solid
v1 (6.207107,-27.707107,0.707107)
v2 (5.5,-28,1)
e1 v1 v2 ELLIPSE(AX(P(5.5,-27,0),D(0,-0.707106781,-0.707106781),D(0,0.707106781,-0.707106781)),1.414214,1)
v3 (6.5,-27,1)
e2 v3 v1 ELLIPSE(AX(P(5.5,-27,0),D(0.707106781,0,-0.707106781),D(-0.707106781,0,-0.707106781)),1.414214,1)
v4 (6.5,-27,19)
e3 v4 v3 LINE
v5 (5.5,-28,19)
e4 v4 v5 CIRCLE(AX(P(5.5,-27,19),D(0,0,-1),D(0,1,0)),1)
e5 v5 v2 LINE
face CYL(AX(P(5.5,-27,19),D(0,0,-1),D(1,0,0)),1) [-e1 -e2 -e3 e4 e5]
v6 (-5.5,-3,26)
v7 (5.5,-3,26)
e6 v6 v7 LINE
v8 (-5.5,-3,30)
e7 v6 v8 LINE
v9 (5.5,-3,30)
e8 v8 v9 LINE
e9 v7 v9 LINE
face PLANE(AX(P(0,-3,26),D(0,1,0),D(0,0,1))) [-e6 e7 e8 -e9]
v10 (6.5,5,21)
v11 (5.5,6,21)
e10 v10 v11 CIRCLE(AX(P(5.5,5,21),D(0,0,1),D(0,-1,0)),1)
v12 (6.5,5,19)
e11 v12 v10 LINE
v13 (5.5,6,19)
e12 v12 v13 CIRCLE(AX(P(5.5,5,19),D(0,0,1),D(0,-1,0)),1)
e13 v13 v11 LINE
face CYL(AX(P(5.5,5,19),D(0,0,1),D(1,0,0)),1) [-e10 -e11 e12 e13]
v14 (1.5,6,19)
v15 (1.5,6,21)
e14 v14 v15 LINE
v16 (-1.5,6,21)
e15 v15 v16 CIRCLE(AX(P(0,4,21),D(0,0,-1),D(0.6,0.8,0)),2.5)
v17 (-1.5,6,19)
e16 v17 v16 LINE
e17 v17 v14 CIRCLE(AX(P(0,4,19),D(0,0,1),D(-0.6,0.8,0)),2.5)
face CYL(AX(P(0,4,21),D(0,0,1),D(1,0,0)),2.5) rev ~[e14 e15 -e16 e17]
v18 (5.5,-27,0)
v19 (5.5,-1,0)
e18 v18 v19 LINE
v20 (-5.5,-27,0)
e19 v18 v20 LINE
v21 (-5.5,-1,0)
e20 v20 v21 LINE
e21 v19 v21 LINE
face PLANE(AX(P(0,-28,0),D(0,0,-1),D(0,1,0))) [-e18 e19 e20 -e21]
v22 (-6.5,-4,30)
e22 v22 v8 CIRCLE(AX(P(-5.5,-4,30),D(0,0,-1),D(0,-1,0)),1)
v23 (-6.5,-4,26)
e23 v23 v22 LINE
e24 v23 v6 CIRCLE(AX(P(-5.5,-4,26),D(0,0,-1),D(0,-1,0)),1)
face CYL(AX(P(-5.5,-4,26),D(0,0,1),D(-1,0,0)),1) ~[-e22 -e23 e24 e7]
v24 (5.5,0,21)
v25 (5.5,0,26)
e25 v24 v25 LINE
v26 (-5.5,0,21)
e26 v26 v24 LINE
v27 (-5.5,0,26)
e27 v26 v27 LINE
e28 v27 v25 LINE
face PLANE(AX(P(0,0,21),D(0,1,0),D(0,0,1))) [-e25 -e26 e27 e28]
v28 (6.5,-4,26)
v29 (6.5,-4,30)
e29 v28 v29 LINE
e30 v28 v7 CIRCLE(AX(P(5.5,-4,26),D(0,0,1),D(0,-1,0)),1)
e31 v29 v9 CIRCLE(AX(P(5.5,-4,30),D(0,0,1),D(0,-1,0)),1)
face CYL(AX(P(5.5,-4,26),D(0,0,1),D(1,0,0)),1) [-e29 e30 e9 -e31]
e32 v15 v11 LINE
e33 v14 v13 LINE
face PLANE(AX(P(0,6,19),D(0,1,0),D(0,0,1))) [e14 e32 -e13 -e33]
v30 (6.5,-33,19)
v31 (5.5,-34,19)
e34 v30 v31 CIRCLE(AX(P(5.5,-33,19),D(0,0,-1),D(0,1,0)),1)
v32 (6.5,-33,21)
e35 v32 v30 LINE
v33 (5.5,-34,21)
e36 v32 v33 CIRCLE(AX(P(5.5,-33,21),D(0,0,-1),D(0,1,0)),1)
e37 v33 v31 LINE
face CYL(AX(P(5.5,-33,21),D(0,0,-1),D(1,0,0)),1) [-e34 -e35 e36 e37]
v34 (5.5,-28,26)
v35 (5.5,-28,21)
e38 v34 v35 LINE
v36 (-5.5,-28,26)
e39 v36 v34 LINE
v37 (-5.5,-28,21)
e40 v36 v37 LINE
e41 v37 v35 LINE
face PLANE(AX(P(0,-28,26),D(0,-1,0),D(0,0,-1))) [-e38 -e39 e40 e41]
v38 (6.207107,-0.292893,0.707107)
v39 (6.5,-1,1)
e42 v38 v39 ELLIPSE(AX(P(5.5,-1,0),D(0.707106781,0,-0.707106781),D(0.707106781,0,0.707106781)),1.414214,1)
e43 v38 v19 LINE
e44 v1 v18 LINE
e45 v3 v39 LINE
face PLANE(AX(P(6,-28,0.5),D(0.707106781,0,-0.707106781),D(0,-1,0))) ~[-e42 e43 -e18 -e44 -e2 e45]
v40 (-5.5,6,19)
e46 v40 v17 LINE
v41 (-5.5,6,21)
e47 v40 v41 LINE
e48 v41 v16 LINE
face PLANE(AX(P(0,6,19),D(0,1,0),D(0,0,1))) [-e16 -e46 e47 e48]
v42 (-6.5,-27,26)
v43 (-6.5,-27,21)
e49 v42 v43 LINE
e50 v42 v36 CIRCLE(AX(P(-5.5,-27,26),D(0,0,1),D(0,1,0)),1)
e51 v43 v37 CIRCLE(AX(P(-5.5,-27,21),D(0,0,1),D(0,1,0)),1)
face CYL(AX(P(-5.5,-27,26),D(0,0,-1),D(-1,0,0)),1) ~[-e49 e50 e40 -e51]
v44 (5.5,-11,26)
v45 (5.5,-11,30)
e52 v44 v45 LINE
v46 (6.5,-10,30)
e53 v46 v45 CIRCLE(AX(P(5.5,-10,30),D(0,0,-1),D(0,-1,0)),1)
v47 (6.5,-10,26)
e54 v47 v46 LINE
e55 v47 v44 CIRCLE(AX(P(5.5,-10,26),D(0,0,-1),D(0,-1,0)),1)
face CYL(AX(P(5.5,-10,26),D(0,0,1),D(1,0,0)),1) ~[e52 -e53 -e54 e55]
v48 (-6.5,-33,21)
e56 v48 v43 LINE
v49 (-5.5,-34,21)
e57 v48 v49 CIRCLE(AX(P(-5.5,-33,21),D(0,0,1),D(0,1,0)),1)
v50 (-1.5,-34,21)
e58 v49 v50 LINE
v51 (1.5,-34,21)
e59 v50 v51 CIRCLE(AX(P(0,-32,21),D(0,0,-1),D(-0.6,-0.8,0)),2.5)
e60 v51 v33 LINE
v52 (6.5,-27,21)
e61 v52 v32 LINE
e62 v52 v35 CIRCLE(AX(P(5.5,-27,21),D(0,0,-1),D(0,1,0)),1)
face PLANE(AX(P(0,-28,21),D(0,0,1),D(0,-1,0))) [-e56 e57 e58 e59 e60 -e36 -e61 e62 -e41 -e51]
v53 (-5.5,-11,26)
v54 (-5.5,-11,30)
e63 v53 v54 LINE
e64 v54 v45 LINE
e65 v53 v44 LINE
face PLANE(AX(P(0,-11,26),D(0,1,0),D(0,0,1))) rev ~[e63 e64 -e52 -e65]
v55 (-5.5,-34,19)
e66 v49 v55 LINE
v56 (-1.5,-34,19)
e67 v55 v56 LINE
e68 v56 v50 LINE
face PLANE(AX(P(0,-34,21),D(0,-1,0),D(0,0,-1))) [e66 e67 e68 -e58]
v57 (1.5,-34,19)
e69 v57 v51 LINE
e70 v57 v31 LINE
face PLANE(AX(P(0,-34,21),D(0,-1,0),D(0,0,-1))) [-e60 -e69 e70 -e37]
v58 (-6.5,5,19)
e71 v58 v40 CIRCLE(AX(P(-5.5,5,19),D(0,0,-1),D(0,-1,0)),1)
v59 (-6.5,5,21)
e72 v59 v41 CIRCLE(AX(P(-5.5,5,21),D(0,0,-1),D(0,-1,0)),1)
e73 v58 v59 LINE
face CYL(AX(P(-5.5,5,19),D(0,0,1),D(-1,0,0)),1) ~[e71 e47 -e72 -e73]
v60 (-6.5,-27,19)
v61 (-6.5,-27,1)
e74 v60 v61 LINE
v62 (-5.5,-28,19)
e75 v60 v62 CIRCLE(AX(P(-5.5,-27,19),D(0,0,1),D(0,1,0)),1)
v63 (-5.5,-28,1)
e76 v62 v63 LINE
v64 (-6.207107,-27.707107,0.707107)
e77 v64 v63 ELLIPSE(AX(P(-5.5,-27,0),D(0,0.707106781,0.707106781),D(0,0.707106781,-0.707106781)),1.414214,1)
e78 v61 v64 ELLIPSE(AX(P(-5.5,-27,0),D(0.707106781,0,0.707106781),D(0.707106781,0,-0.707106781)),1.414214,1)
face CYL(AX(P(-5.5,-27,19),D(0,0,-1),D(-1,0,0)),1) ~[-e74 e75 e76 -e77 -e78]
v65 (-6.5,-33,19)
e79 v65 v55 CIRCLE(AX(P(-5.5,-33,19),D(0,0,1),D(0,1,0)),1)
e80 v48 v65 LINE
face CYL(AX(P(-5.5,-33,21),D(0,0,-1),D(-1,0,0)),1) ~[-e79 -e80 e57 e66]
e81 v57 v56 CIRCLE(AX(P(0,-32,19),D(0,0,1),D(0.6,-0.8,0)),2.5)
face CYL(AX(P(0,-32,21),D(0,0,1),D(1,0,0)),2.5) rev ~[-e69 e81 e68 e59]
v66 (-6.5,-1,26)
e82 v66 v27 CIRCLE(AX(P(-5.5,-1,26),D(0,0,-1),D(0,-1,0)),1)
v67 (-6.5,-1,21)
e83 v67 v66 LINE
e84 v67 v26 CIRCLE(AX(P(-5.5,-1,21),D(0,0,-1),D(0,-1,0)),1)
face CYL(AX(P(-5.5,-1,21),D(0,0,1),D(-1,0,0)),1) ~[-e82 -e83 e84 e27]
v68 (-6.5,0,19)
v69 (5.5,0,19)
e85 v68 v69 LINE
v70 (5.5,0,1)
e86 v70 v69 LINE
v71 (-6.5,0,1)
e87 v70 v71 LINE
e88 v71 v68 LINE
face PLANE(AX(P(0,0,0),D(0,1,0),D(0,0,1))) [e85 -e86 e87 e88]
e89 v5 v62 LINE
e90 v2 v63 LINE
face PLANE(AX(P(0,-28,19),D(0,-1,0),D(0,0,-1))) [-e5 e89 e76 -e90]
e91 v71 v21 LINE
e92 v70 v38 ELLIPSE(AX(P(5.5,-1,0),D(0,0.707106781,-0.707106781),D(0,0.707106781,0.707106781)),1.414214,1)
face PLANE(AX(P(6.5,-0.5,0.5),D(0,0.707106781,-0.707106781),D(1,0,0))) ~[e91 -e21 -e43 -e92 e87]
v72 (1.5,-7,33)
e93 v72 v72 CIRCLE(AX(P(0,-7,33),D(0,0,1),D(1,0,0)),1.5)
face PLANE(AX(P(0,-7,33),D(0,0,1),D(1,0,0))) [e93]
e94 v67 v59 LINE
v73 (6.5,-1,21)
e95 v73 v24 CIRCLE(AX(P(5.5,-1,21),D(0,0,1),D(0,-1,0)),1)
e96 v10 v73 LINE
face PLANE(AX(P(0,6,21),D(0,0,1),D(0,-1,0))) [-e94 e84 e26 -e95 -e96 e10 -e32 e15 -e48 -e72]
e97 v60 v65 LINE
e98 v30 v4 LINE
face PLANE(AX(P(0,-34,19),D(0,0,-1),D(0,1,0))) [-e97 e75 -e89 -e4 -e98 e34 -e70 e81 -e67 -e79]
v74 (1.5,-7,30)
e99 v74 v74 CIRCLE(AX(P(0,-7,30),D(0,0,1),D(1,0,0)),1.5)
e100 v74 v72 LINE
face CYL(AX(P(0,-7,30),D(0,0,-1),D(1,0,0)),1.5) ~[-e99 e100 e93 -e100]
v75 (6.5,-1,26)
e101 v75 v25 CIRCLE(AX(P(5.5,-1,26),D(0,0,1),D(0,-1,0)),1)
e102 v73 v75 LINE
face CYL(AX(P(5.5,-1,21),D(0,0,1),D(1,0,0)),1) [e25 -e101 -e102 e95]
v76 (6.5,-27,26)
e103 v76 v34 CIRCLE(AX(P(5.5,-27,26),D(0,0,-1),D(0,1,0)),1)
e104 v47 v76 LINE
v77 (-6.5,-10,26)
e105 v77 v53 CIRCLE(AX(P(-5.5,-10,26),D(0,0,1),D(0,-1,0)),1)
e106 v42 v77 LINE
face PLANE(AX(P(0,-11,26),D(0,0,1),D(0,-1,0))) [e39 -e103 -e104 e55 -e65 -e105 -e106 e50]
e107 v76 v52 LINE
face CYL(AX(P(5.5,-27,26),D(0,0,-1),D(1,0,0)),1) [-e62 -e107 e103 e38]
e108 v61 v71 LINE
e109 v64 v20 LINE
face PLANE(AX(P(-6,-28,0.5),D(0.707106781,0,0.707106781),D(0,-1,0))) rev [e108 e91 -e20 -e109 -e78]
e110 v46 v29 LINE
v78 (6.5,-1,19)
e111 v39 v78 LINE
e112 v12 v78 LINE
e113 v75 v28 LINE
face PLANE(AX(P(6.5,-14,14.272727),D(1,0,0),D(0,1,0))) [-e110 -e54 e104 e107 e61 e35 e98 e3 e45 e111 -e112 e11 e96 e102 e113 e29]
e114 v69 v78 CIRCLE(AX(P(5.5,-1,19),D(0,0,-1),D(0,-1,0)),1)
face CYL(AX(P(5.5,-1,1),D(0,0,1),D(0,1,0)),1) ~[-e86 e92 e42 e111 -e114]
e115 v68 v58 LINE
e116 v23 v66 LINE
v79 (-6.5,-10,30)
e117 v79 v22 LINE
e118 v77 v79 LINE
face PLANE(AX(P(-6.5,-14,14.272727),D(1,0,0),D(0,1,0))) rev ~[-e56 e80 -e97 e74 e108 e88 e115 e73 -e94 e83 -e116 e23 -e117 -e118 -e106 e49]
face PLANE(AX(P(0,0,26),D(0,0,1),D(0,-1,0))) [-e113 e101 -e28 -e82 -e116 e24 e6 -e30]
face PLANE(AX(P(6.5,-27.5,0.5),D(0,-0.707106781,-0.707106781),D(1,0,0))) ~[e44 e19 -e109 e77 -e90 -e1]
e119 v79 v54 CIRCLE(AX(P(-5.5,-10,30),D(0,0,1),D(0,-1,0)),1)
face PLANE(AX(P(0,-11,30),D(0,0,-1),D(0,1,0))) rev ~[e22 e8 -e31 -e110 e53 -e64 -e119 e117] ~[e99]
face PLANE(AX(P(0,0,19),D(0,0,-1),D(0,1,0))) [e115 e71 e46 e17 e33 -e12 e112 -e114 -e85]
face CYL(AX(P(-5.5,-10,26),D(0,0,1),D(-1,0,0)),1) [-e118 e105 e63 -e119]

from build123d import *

# Parameters (mm, degrees)
F0_W     = 8
F0_H     = 4
F1_DEPTH = 6.5
F2_R     = 1.5
F3_DEPTH = 3
F4_SIZE  = 1
F5_R     = 1
F6_R     = 2.5
F7_DEPTH = 25


with BuildPart() as f1:
    # F0 (on Right) → F1 (new body, symmetric)
    with BuildSketch(Plane.YZ):
        Polygon((0, 0), (0, 19), (6, 19), (6, 21), (0, 21), (0, 26), (-3, 26), (-11, 26), (-28, 26), (-28, 21), (-34, 21), (-34, 19), (-28, 19), (-28, 0), align=None)
        with Locations((-7, 28)):
            Rectangle(F0_W, F0_H)
    extrude(amount=F1_DEPTH, both=True)

    # F2 (on face) → F3 (join)
    with BuildSketch(Plane.XY.offset(30)):
        with Locations((0, -7)):
            Circle(F2_R)
    extrude(amount=F3_DEPTH)

    # F4
    f4_edges = [f1.edges().sort_by_distance(p)[0] for p in [
        (-6.5, -14, 0),
        (0, 0, 0),
        (6.5, -14, 0),
        (0, -28, 0),
    ]]
    chamfer(f4_edges, length=F4_SIZE)

    # F5
    f5_edges = [f1.edges().sort_by_distance(p)[0] for p in [
        (6.5, 0, 10),
        (6.5, 0, 23.5),
        (-6.5, 0, 23.5),
        (6.5, -3, 28),
        (6.5, -11, 28),
        (-6.5, -11, 28),
        (-6.5, -3, 28),
        (6.5, -28, 23.5),
        (-6.5, -28, 23.5),
        (6.5, -34, 20),
        (-6.5, -34, 20),
        (6.5, -28, 10),
        (-6.5, -28, 10),
        (6.5, 6, 20),
        (-6.5, 6, 20),
    ]]
    fillet(f5_edges, radius=F5_R)

    # F6 (on face) → F7 (cut)
    with BuildSketch(Plane.XY.offset(21)):
        with Locations((0, 4)):
            Circle(F6_R)
        with Locations((0, -32)):
            Circle(F6_R)
    extrude(amount=-F7_DEPTH, mode=Mode.SUBTRACT)


solid = f1.part
